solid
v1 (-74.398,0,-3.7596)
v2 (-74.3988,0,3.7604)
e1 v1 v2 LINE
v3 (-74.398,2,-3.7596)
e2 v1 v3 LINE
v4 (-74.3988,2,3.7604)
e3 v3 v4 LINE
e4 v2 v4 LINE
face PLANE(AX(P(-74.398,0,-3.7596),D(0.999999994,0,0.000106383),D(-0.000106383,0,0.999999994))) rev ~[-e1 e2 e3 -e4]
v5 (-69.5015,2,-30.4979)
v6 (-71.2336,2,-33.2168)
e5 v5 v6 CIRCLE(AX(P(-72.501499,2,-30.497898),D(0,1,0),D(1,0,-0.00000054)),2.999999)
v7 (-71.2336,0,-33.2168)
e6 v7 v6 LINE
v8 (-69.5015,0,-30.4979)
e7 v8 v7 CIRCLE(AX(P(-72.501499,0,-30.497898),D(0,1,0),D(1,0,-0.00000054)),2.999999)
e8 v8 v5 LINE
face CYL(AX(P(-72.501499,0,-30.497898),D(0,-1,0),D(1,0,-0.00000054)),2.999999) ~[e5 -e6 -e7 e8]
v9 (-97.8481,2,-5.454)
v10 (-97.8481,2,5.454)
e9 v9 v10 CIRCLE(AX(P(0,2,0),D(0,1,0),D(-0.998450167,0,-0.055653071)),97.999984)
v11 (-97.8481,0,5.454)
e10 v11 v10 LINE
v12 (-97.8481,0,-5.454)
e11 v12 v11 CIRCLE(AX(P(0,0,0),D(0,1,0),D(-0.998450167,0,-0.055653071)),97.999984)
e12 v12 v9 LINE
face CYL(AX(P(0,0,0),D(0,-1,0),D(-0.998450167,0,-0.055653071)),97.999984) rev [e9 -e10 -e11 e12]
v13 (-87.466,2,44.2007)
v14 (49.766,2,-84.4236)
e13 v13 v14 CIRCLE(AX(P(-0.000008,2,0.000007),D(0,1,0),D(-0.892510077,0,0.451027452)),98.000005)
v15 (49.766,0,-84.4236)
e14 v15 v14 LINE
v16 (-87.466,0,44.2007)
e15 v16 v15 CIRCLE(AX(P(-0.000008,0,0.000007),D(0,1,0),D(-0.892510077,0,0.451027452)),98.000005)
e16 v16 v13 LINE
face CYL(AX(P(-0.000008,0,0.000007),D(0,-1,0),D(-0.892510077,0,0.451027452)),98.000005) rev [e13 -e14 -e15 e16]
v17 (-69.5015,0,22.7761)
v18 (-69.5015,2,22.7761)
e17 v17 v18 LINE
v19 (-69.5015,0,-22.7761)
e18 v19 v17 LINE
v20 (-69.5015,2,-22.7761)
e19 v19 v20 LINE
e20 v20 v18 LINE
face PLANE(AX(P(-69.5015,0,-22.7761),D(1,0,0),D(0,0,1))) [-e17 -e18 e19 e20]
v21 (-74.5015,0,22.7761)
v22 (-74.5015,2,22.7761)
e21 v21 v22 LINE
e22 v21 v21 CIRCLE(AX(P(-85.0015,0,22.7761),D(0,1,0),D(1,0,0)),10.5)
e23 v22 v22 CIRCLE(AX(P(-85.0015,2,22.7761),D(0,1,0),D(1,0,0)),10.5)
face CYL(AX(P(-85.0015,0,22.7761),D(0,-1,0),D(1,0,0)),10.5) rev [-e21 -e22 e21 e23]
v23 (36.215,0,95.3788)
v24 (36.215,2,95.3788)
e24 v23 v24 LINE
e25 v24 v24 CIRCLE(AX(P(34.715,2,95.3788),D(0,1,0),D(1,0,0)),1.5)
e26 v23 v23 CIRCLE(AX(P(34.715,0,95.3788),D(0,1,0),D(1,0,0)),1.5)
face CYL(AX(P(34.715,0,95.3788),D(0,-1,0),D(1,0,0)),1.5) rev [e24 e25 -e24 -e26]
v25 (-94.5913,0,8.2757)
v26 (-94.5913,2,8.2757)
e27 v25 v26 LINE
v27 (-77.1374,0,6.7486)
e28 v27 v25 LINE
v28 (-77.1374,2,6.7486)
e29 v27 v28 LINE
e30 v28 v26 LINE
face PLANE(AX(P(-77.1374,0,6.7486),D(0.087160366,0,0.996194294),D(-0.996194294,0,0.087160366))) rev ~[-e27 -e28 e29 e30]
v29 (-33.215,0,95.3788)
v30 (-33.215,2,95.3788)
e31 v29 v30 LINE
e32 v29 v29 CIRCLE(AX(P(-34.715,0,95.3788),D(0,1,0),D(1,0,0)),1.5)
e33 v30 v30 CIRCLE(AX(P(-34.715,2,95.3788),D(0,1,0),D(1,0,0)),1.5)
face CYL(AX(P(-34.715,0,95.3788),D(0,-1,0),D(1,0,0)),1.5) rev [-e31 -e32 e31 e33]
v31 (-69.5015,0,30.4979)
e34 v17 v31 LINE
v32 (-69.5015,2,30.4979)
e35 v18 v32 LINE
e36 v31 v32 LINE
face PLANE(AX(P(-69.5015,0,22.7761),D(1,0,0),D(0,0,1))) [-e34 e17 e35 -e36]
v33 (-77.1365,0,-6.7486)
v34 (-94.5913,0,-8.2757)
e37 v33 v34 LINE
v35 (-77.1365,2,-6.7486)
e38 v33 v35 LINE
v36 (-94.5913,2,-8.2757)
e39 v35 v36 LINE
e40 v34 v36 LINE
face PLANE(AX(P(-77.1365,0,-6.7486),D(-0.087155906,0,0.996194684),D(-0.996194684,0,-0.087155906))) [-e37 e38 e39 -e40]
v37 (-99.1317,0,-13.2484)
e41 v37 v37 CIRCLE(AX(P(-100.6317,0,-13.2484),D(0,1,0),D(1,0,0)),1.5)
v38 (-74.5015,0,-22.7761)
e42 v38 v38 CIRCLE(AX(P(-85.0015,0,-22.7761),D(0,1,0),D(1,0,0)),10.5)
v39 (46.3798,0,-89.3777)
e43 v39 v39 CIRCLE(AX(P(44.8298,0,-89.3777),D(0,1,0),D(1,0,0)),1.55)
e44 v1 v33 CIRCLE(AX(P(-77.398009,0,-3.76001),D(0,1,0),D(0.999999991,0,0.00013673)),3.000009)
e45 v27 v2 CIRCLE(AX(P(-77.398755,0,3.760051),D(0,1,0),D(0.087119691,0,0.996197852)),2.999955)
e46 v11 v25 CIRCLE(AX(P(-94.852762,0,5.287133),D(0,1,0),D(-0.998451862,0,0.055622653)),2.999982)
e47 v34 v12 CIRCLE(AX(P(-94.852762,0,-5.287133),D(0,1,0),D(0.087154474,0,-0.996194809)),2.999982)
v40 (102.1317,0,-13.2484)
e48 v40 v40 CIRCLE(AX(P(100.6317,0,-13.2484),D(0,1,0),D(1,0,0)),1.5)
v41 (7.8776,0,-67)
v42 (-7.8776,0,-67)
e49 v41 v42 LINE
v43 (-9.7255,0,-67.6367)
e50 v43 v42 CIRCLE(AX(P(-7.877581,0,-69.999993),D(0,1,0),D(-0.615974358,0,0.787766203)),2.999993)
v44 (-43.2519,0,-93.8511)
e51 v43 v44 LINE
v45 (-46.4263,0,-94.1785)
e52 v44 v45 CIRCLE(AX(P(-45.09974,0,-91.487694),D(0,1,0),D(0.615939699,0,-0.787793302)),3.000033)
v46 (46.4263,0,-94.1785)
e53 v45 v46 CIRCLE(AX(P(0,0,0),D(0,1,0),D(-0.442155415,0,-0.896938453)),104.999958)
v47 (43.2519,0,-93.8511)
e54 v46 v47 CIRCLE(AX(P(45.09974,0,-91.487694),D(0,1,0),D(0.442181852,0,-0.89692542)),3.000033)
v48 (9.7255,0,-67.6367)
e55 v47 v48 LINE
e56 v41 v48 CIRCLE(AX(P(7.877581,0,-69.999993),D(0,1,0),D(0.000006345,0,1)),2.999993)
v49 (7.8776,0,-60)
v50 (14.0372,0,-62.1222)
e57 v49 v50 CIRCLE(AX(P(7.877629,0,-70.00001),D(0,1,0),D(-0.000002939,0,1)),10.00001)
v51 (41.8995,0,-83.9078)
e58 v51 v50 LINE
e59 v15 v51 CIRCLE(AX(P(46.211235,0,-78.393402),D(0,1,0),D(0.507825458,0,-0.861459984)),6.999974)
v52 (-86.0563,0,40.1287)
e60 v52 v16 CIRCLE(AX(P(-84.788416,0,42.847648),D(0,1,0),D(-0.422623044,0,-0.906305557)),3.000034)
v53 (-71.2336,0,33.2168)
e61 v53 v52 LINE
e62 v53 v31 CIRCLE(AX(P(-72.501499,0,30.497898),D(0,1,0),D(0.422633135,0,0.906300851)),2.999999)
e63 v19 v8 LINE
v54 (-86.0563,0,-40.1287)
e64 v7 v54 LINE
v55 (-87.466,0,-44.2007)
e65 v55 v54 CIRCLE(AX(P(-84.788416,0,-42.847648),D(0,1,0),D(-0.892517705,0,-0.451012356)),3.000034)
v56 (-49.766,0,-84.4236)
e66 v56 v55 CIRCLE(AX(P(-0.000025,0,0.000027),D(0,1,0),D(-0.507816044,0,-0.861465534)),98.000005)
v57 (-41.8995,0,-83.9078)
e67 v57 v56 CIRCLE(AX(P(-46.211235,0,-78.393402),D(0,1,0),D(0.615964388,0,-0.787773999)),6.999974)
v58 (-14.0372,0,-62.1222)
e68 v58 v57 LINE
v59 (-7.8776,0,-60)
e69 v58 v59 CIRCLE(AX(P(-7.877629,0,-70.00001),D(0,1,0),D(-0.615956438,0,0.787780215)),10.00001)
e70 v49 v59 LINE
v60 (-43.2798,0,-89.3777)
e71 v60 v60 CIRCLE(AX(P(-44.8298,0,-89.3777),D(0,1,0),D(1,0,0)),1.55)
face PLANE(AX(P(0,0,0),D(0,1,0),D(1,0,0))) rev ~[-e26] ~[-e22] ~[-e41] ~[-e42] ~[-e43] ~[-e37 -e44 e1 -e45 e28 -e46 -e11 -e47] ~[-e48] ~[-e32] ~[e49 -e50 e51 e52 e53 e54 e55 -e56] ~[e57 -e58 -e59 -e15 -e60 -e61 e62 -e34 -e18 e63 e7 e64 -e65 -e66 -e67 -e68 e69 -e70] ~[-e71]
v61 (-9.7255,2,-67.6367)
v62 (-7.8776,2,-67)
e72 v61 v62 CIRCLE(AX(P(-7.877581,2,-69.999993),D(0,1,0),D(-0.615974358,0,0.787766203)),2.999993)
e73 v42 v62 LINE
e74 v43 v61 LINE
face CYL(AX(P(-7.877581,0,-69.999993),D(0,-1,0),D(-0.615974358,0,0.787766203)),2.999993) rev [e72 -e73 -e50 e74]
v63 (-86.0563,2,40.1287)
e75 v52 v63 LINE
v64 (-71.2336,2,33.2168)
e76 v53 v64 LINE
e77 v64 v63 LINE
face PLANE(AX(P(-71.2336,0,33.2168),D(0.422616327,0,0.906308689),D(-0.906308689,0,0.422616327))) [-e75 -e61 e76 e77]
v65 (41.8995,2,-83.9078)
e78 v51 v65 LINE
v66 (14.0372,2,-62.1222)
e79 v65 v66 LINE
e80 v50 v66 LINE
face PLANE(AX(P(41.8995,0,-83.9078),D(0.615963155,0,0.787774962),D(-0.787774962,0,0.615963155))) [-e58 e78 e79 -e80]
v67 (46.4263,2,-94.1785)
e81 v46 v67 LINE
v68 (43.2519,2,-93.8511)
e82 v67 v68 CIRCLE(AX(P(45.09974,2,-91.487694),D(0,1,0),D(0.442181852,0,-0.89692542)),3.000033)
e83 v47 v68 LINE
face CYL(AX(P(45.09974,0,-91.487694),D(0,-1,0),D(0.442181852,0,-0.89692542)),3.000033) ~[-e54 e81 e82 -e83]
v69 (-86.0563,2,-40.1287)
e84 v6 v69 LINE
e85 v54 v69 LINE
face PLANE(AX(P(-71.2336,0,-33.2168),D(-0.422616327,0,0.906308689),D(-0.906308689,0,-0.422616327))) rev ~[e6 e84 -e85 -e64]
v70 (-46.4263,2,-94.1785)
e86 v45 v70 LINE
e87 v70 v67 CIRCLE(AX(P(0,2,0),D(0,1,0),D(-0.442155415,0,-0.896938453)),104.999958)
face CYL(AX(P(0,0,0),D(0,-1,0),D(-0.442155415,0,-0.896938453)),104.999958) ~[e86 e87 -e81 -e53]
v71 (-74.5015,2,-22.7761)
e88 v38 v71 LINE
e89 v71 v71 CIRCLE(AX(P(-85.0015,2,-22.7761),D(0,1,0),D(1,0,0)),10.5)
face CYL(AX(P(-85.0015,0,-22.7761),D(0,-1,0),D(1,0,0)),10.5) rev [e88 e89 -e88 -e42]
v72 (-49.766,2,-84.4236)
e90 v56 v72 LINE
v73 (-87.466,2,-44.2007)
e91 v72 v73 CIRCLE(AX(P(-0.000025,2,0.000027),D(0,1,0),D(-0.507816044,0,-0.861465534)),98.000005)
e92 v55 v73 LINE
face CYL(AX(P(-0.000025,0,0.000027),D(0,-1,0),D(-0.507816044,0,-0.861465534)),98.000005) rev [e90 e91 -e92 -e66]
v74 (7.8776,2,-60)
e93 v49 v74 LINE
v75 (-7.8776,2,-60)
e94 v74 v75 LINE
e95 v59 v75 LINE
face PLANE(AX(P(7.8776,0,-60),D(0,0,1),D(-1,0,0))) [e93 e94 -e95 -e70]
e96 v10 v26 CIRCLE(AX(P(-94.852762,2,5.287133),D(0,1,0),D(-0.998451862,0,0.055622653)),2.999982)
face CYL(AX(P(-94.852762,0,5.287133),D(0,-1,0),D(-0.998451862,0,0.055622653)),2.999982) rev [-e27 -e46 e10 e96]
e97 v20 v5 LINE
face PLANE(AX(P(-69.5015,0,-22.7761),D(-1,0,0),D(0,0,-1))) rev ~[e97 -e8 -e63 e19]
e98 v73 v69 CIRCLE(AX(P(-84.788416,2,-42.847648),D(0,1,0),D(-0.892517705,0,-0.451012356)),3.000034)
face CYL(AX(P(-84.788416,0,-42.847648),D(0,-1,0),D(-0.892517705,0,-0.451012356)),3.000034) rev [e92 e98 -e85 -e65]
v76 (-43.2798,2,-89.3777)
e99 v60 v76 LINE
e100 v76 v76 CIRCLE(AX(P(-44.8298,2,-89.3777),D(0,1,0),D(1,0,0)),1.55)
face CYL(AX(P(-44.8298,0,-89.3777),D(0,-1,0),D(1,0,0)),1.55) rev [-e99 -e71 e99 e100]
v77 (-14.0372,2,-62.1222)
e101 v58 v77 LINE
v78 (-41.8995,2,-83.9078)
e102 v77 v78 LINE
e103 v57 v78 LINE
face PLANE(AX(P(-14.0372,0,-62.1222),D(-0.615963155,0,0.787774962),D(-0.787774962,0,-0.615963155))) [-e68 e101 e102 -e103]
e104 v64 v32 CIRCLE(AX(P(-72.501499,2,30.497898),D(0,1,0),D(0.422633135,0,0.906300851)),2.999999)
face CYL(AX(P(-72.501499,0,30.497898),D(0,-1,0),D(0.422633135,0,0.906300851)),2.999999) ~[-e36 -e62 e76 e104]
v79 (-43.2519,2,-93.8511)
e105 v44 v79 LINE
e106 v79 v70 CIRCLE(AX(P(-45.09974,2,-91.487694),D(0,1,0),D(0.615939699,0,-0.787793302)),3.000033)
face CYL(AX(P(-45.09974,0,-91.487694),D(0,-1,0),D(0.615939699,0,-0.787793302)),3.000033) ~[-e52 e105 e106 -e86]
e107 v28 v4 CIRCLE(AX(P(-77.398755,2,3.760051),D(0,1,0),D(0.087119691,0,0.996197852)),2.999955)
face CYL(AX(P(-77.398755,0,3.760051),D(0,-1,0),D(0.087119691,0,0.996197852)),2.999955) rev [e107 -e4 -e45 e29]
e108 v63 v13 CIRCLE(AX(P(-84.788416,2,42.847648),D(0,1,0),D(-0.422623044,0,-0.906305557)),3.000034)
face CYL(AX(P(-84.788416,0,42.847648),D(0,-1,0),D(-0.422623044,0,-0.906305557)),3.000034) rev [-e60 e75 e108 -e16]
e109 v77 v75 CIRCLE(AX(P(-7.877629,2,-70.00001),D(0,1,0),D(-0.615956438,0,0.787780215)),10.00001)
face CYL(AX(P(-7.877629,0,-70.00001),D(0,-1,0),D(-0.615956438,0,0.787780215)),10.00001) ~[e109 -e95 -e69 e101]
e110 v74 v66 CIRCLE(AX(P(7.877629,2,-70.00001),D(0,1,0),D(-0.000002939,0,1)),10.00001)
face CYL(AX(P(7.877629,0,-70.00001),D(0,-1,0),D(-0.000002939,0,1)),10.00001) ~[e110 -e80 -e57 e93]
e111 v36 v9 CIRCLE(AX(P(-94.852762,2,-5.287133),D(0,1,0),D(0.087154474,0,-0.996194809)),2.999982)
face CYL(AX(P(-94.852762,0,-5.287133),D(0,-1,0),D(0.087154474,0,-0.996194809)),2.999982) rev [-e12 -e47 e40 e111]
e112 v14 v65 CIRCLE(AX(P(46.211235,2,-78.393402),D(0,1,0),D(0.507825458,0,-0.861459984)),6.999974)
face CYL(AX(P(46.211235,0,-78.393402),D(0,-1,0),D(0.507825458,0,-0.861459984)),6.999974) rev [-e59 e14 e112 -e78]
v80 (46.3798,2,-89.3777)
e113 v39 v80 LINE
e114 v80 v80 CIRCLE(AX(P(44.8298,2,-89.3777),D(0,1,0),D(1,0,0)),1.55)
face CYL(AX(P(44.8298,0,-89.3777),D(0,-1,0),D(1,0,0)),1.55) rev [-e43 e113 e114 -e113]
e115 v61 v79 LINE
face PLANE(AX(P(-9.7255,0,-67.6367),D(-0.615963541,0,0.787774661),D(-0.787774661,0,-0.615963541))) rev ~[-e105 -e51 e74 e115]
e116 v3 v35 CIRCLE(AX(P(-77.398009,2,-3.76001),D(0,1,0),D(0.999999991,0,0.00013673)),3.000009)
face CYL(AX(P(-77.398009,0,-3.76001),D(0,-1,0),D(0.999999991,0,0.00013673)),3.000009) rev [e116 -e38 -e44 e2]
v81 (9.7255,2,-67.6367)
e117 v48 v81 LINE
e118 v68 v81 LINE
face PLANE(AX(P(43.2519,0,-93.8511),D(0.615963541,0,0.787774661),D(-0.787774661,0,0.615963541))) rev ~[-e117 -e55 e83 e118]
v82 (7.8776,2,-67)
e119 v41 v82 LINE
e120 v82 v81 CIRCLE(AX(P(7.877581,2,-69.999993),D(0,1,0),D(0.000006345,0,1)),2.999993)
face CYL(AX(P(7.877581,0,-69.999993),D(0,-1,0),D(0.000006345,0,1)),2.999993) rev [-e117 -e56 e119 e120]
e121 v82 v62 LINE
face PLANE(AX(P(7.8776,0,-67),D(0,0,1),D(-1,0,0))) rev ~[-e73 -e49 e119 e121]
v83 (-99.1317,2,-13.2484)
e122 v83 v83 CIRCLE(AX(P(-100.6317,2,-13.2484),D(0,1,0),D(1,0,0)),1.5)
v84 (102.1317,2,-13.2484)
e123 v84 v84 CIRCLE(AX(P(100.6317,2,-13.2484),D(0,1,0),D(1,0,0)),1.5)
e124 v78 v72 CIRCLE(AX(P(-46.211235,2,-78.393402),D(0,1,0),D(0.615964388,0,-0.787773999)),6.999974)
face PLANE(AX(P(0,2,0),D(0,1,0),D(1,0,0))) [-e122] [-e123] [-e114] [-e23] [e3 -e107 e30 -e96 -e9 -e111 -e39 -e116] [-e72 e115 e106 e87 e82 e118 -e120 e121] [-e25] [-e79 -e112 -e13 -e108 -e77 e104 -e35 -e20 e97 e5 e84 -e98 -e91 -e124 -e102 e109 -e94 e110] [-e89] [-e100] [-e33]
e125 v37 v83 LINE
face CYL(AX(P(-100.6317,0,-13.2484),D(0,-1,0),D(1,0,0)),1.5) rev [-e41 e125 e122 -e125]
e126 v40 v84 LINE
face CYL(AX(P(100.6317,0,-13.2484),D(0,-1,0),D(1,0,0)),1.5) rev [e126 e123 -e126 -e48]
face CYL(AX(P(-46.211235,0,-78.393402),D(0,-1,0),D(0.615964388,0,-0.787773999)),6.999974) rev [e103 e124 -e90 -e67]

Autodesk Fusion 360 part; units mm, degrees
sketch "Sketch1" plane through (0, 0, 0) normal (0, 1, 0) x (1, 0, 0)
  circle A0 centre (-85.0015, -22.7761) radius 10.5
  circle A1 centre (-85.0015, 22.7761) radius 10.5
  line L0 (-71.2336, 33.2168) -> (-86.0563, 40.1287)
  line L1 (-77.1365, 6.7486) -> (-94.5913, 8.2757)
  line L2 (-77.1374, -6.7486) -> (-94.5913, -8.2757)
  line L3 (-71.2336, -33.2168) -> (-86.0563, -40.1287)
  line L4 (-69.5015, 22.7761) -> (-69.5015, -22.7761)
  line L5 (-69.5015, 22.7761) -> (-69.5015, 30.4979)
  line L6 (-69.5015, -22.7761) -> (-69.5015, -30.4979)
  line L7 (-74.398, 3.7596) -> (-74.3988, -3.7604)
  arc A2 (-97.8481, 5.454) -> (-97.8481, -5.454) centre (0, 0) ccw
  arc A3 (-69.5015, 30.4979) -> (-71.2336, 33.2168) centre (-72.5015, 30.4979) ccw
  arc A4 (-87.466, 44.2007) -> (-86.0563, 40.1287) centre (-84.7884, 42.8476) ccw
  arc A5 (-94.5913, 8.2757) -> (-97.8481, 5.454) centre (-94.8528, 5.2871) ccw
  arc A6 (-97.8481, -5.454) -> (-94.5913, -8.2757) centre (-94.8528, -5.2871) ccw
  arc A7 (-77.1374, -6.7486) -> (-74.3988, -3.7604) centre (-77.3988, -3.7601) ccw
  arc A8 (-74.398, 3.7596) -> (-77.1365, 6.7486) centre (-77.398, 3.76) ccw
  arc A9 (-71.2336, -33.2168) -> (-69.5015, -30.4979) centre (-72.5015, -30.4979) ccw
  arc A10 (-86.0563, -40.1287) -> (-87.466, -44.2007) centre (-84.7884, -42.8476) ccw
  arc A11 (-46.4263, 94.1785) -> (46.4263, 94.1785) centre (0, 0) ccw
  arc A12 (-43.2519, 93.8511) -> (-46.4263, 94.1785) centre (-45.0998, 91.4877) ccw
  line L8 (-9.7255, 67.6367) -> (-43.2519, 93.8511)
  line L9 (7.8776, 67) -> (-7.8776, 67)
  line L10 (43.2519, 93.8511) -> (9.7255, 67.6367)
  arc A13 (46.4263, 94.1785) -> (43.2519, 93.8511) centre (45.0998, 91.4877) ccw
  arc A14 (-9.7255, 67.6367) -> (-7.8776, 67) centre (-7.8776, 70) ccw
  arc A15 (7.8776, 67) -> (9.7255, 67.6367) centre (7.8776, 70) ccw
  arc A16 (-46.4263, 94.1785) -> (46.4263, 94.1785) centre (0, 0) ccw
  arc A17 (-9.7255, 67.6367) -> (-7.8776, 67) centre (-7.8776, 70) ccw
  circle A18 centre (100.6317, 13.2484) radius 1.5
  circle A19 centre (-100.6317, 13.2484) radius 1.5
  circle A20 centre (-34.715, -95.3788) radius 1.5
  circle A21 centre (34.715, -95.3788) radius 1.5
  circle A22 centre (-44.8298, 89.3777) radius 1.55
  circle A23 centre (44.8298, 89.3777) radius 1.55
  line L11 (41.8995, 83.9078) -> (14.0372, 62.1222)
  arc A24 (7.8776, 60) -> (14.0372, 62.1222) centre (7.8776, 70) ccw
  line L12 (7.8776, 60) -> (-7.8776, 60)
  arc A25 (-14.0372, 62.1222) -> (-7.8776, 60) centre (-7.8776, 70) ccw
  line L13 (-14.0372, 62.1222) -> (-41.8995, 83.9078)
  arc A26 (-49.766, 84.4236) -> (-87.466, 44.2007) centre (0, 0) ccw
  arc A27 (-87.466, -44.2007) -> (49.766, 84.4236) centre (0, 0) ccw
  arc A28 (-41.8995, 83.9078) -> (-49.766, 84.4236) centre (-46.2112, 78.3934) ccw
  arc A29 (49.766, 84.4236) -> (41.8995, 83.9078) centre (46.2112, 78.3934) ccw
  dimension "d83" = 3
  dimension "d84" = 3
  dimension "d96" = 3
  dimension "d97" = 3
extrude "Extrude1" add sketch "Sketch1" along normal blind 2
